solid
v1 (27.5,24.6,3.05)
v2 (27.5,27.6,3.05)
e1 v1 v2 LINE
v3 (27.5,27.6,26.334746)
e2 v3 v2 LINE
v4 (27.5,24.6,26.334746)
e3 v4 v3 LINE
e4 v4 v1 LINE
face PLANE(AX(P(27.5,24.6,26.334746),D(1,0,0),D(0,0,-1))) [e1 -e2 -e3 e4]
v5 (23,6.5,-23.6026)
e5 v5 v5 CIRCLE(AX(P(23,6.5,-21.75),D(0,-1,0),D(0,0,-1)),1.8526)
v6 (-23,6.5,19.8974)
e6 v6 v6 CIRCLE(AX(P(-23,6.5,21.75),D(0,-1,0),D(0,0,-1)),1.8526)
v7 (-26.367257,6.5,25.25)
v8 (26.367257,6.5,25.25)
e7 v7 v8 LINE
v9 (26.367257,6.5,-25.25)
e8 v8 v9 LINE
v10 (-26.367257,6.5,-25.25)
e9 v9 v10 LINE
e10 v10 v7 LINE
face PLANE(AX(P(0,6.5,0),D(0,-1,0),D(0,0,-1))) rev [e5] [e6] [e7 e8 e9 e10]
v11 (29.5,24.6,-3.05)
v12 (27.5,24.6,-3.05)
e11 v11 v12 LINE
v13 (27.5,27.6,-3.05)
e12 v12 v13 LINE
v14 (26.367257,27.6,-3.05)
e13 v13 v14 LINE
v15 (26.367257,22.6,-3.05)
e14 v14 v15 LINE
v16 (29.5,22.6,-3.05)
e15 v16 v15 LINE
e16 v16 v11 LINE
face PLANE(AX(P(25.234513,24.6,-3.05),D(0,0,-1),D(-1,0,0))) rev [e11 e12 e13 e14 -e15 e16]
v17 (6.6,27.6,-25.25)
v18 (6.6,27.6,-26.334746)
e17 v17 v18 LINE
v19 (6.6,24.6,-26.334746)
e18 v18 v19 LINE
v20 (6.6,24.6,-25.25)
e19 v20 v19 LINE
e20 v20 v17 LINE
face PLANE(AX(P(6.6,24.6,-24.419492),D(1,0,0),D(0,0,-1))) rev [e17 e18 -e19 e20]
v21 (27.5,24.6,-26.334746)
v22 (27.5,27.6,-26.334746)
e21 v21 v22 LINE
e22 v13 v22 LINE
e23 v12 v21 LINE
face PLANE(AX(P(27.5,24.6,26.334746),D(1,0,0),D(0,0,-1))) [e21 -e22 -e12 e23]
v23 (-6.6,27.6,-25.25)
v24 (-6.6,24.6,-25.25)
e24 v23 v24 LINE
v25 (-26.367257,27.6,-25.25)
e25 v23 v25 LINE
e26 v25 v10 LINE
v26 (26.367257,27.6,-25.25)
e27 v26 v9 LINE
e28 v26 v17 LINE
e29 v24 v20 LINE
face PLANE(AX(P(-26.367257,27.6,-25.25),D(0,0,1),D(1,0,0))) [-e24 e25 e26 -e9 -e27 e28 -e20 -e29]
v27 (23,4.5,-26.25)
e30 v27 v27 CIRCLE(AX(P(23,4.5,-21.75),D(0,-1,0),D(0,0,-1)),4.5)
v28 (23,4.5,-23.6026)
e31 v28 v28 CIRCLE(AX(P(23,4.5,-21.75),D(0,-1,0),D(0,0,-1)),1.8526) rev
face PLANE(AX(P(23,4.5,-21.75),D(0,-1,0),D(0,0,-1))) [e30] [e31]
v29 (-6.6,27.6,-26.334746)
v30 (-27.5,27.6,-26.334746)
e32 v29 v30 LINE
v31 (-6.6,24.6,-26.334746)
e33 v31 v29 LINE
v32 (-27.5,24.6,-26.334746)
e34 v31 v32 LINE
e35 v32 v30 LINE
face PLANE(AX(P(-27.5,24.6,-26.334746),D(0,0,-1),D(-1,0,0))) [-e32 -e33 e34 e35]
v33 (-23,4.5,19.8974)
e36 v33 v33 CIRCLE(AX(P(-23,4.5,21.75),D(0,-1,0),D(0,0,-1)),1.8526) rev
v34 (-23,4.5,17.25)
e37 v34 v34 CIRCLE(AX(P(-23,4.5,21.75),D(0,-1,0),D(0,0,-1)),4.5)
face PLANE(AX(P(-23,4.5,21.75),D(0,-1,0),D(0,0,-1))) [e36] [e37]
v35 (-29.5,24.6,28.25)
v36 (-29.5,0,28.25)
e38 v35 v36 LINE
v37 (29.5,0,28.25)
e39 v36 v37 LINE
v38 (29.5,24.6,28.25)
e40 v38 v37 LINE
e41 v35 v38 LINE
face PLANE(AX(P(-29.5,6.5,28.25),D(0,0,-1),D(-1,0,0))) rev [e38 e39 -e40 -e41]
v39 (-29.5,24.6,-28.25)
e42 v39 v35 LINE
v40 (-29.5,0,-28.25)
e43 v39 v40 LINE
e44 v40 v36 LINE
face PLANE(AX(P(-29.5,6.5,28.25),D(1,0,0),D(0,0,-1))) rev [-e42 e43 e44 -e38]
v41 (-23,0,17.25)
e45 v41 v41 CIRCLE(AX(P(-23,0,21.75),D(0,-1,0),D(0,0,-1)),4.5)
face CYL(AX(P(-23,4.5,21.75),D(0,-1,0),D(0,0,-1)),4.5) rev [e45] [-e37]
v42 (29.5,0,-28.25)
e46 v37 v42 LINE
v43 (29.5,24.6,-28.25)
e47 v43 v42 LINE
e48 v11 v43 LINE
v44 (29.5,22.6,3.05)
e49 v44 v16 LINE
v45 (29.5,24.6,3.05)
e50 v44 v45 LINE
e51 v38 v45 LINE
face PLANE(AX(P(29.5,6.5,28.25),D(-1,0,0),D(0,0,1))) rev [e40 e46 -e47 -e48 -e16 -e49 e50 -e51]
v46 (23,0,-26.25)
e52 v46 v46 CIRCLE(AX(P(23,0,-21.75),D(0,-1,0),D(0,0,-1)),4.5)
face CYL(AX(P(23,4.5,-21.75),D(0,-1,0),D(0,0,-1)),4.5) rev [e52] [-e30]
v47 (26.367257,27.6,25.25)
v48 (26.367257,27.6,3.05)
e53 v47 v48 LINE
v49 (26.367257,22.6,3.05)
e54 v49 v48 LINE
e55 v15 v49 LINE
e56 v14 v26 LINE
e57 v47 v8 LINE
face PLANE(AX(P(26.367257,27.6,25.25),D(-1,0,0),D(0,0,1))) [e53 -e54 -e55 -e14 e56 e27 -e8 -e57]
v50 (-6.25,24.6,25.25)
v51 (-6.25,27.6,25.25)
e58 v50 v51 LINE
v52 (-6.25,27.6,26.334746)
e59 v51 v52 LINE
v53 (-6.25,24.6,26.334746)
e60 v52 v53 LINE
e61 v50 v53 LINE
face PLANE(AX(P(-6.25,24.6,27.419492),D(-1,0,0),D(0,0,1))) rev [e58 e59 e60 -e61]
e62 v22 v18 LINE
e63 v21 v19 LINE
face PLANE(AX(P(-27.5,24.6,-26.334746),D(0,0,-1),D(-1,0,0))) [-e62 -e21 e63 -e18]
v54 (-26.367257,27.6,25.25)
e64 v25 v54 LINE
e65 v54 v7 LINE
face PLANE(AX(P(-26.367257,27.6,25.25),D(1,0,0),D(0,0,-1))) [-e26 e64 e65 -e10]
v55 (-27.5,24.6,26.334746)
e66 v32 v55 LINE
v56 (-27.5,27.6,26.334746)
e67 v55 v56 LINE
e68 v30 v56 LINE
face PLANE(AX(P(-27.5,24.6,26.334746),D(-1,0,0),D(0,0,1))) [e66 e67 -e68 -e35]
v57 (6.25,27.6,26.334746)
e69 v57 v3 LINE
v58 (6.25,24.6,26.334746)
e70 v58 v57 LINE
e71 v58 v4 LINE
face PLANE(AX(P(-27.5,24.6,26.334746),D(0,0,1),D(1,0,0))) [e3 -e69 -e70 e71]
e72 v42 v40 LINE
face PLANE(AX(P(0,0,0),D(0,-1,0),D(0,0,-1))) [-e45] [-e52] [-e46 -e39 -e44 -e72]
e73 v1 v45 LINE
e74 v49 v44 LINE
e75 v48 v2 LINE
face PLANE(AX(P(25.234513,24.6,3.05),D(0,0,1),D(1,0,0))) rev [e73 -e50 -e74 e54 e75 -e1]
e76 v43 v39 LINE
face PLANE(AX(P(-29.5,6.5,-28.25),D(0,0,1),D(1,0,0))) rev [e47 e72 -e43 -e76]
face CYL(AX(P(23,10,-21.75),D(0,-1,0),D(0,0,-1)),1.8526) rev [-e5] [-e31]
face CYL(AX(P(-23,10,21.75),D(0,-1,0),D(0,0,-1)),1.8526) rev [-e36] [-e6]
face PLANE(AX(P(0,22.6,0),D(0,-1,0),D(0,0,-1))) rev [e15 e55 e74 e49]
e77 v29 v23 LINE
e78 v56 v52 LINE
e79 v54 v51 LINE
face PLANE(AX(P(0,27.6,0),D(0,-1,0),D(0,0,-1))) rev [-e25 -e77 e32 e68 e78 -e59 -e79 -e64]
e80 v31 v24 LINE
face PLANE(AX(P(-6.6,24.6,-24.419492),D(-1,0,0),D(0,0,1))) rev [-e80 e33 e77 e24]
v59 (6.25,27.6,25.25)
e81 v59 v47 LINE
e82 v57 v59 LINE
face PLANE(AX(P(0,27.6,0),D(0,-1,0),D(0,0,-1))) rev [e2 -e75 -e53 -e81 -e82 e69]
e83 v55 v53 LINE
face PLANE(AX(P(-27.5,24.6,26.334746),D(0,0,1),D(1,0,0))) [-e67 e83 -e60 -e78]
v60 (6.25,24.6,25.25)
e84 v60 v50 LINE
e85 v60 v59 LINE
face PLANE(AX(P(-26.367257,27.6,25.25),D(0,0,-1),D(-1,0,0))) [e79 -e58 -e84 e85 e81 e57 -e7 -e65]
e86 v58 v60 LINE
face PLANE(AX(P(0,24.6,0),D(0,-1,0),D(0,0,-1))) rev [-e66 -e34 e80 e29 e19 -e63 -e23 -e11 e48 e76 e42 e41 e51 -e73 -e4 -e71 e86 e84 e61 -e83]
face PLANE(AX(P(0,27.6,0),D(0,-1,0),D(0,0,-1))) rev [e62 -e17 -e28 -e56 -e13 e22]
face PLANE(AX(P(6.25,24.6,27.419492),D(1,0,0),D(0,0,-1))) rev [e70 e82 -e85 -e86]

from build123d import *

# Parameters (mm, degrees)
SKETCH1_W           = 59
SKETCH1_H           = 56.5
BOSS_EXTRUDE1_DEPTH = 6.5
SKETCH5_W           = 59
SKETCH5_H           = 56.5
SKETCH5_W_2         = 52.734513274
SKETCH5_H_2         = 50.5
BOSS_EXTRUDE2_DEPTH = 21.1
SKETCH6_W           = 59
SKETCH6_H           = 56.5
SKETCH6_W_2         = 55
SKETCH6_H_2         = 52.669491526
CUT_EXTRUDE2_DEPTH  = 3
SKETCH7_W           = 12.5
SKETCH7_H           = 2.169491525
SKETCH7_W_2         = 13.2
SKETCH7_H_2         = 3.830508475
SKETCH7_W_3         = 2.265486726
SKETCH7_H_3         = 6.1
CUT_EXTRUDE3_DEPTH  = 3
SKETCH9_W           = 3.132743363
SKETCH9_H           = 6.1
CUT_EXTRUDE5_DEPTH  = 2
SKETCH11_R          = 1.8526
CUT_EXTRUDE7_DEPTH  = 10
SKETCH12_R          = 4.5
CUT_EXTRUDE8_DEPTH  = 4.5


with BuildPart() as part:
    # Sketch1 → Boss-Extrude1 (new body)
    with BuildSketch(Plane(origin=(0, 0, 0), x_dir=(1, 0, 0), z_dir=(0, 1, 0))):
        Rectangle(SKETCH1_W, SKETCH1_H)
    extrude(amount=BOSS_EXTRUDE1_DEPTH)

    # Sketch5 → Boss-Extrude2 (add)
    with BuildSketch(Plane(origin=(0, 6.5, 0), x_dir=(1, 0, 0), z_dir=(0, 1, 0))):
        Rectangle(SKETCH5_W, SKETCH5_H)
        Rectangle(SKETCH5_W_2, SKETCH5_H_2, mode=Mode.SUBTRACT)
    extrude(amount=BOSS_EXTRUDE2_DEPTH)

    # Sketch6 → Cut-Extrude2 (cut)
    with BuildSketch(Plane(origin=(0, 27.6, 0), x_dir=(1, 0, 0), z_dir=(0, 1, 0))):
        Rectangle(SKETCH6_W, SKETCH6_H)
        Rectangle(SKETCH6_W_2, SKETCH6_H_2, mode=Mode.SUBTRACT)
    extrude(amount=-CUT_EXTRUDE2_DEPTH, mode=Mode.SUBTRACT)

    # Sketch7 → Cut-Extrude3 (cut)
    with BuildSketch(Plane(origin=(0, 27.6, 0), x_dir=(1, 0, 0), z_dir=(0, 1, 0))):
        with Locations((0, -26.334745762)):
            Rectangle(SKETCH7_W, SKETCH7_H)
        with Locations((0, 26.334745762)):
            Rectangle(SKETCH7_W_2, SKETCH7_H_2)
        with Locations((26.367256637, 0)):
            Rectangle(SKETCH7_W_3, SKETCH7_H_3)
    extrude(amount=-CUT_EXTRUDE3_DEPTH, mode=Mode.SUBTRACT)

    # Sketch9 → Cut-Extrude5 (cut)
    with BuildSketch(Plane(origin=(0, 24.6, 0), x_dir=(1, 0, 0), z_dir=(0, 1, 0))):
        with Locations((27.933628319, 0)):
            Rectangle(SKETCH9_W, SKETCH9_H)
    extrude(amount=-CUT_EXTRUDE5_DEPTH, mode=Mode.SUBTRACT)

    # Sketch11 → Cut-Extrude7 (cut)
    with BuildSketch(Plane(origin=(0, 0, 0), x_dir=(-1, 0, 0), z_dir=(0, -1, 0))):
        with Locations(Location((-23, 21.75, 0), (0, 0, 90))):
            Circle(SKETCH11_R)
        with Locations(Location((23, -21.75, 0), (0, 0, 90))):
            Circle(SKETCH11_R)
    extrude(amount=-CUT_EXTRUDE7_DEPTH, mode=Mode.SUBTRACT)

    # Sketch12 → Cut-Extrude8 (cut)
    with BuildSketch(Plane.XZ):
        with Locations(Location((-23, 21.75, 0), (0, 0, 270))):
            Circle(SKETCH12_R)
        with Locations(Location((23, -21.75, 0), (0, 0, 270))):
            Circle(SKETCH12_R)
    extrude(amount=-CUT_EXTRUDE8_DEPTH, mode=Mode.SUBTRACT)


solid = part.part
